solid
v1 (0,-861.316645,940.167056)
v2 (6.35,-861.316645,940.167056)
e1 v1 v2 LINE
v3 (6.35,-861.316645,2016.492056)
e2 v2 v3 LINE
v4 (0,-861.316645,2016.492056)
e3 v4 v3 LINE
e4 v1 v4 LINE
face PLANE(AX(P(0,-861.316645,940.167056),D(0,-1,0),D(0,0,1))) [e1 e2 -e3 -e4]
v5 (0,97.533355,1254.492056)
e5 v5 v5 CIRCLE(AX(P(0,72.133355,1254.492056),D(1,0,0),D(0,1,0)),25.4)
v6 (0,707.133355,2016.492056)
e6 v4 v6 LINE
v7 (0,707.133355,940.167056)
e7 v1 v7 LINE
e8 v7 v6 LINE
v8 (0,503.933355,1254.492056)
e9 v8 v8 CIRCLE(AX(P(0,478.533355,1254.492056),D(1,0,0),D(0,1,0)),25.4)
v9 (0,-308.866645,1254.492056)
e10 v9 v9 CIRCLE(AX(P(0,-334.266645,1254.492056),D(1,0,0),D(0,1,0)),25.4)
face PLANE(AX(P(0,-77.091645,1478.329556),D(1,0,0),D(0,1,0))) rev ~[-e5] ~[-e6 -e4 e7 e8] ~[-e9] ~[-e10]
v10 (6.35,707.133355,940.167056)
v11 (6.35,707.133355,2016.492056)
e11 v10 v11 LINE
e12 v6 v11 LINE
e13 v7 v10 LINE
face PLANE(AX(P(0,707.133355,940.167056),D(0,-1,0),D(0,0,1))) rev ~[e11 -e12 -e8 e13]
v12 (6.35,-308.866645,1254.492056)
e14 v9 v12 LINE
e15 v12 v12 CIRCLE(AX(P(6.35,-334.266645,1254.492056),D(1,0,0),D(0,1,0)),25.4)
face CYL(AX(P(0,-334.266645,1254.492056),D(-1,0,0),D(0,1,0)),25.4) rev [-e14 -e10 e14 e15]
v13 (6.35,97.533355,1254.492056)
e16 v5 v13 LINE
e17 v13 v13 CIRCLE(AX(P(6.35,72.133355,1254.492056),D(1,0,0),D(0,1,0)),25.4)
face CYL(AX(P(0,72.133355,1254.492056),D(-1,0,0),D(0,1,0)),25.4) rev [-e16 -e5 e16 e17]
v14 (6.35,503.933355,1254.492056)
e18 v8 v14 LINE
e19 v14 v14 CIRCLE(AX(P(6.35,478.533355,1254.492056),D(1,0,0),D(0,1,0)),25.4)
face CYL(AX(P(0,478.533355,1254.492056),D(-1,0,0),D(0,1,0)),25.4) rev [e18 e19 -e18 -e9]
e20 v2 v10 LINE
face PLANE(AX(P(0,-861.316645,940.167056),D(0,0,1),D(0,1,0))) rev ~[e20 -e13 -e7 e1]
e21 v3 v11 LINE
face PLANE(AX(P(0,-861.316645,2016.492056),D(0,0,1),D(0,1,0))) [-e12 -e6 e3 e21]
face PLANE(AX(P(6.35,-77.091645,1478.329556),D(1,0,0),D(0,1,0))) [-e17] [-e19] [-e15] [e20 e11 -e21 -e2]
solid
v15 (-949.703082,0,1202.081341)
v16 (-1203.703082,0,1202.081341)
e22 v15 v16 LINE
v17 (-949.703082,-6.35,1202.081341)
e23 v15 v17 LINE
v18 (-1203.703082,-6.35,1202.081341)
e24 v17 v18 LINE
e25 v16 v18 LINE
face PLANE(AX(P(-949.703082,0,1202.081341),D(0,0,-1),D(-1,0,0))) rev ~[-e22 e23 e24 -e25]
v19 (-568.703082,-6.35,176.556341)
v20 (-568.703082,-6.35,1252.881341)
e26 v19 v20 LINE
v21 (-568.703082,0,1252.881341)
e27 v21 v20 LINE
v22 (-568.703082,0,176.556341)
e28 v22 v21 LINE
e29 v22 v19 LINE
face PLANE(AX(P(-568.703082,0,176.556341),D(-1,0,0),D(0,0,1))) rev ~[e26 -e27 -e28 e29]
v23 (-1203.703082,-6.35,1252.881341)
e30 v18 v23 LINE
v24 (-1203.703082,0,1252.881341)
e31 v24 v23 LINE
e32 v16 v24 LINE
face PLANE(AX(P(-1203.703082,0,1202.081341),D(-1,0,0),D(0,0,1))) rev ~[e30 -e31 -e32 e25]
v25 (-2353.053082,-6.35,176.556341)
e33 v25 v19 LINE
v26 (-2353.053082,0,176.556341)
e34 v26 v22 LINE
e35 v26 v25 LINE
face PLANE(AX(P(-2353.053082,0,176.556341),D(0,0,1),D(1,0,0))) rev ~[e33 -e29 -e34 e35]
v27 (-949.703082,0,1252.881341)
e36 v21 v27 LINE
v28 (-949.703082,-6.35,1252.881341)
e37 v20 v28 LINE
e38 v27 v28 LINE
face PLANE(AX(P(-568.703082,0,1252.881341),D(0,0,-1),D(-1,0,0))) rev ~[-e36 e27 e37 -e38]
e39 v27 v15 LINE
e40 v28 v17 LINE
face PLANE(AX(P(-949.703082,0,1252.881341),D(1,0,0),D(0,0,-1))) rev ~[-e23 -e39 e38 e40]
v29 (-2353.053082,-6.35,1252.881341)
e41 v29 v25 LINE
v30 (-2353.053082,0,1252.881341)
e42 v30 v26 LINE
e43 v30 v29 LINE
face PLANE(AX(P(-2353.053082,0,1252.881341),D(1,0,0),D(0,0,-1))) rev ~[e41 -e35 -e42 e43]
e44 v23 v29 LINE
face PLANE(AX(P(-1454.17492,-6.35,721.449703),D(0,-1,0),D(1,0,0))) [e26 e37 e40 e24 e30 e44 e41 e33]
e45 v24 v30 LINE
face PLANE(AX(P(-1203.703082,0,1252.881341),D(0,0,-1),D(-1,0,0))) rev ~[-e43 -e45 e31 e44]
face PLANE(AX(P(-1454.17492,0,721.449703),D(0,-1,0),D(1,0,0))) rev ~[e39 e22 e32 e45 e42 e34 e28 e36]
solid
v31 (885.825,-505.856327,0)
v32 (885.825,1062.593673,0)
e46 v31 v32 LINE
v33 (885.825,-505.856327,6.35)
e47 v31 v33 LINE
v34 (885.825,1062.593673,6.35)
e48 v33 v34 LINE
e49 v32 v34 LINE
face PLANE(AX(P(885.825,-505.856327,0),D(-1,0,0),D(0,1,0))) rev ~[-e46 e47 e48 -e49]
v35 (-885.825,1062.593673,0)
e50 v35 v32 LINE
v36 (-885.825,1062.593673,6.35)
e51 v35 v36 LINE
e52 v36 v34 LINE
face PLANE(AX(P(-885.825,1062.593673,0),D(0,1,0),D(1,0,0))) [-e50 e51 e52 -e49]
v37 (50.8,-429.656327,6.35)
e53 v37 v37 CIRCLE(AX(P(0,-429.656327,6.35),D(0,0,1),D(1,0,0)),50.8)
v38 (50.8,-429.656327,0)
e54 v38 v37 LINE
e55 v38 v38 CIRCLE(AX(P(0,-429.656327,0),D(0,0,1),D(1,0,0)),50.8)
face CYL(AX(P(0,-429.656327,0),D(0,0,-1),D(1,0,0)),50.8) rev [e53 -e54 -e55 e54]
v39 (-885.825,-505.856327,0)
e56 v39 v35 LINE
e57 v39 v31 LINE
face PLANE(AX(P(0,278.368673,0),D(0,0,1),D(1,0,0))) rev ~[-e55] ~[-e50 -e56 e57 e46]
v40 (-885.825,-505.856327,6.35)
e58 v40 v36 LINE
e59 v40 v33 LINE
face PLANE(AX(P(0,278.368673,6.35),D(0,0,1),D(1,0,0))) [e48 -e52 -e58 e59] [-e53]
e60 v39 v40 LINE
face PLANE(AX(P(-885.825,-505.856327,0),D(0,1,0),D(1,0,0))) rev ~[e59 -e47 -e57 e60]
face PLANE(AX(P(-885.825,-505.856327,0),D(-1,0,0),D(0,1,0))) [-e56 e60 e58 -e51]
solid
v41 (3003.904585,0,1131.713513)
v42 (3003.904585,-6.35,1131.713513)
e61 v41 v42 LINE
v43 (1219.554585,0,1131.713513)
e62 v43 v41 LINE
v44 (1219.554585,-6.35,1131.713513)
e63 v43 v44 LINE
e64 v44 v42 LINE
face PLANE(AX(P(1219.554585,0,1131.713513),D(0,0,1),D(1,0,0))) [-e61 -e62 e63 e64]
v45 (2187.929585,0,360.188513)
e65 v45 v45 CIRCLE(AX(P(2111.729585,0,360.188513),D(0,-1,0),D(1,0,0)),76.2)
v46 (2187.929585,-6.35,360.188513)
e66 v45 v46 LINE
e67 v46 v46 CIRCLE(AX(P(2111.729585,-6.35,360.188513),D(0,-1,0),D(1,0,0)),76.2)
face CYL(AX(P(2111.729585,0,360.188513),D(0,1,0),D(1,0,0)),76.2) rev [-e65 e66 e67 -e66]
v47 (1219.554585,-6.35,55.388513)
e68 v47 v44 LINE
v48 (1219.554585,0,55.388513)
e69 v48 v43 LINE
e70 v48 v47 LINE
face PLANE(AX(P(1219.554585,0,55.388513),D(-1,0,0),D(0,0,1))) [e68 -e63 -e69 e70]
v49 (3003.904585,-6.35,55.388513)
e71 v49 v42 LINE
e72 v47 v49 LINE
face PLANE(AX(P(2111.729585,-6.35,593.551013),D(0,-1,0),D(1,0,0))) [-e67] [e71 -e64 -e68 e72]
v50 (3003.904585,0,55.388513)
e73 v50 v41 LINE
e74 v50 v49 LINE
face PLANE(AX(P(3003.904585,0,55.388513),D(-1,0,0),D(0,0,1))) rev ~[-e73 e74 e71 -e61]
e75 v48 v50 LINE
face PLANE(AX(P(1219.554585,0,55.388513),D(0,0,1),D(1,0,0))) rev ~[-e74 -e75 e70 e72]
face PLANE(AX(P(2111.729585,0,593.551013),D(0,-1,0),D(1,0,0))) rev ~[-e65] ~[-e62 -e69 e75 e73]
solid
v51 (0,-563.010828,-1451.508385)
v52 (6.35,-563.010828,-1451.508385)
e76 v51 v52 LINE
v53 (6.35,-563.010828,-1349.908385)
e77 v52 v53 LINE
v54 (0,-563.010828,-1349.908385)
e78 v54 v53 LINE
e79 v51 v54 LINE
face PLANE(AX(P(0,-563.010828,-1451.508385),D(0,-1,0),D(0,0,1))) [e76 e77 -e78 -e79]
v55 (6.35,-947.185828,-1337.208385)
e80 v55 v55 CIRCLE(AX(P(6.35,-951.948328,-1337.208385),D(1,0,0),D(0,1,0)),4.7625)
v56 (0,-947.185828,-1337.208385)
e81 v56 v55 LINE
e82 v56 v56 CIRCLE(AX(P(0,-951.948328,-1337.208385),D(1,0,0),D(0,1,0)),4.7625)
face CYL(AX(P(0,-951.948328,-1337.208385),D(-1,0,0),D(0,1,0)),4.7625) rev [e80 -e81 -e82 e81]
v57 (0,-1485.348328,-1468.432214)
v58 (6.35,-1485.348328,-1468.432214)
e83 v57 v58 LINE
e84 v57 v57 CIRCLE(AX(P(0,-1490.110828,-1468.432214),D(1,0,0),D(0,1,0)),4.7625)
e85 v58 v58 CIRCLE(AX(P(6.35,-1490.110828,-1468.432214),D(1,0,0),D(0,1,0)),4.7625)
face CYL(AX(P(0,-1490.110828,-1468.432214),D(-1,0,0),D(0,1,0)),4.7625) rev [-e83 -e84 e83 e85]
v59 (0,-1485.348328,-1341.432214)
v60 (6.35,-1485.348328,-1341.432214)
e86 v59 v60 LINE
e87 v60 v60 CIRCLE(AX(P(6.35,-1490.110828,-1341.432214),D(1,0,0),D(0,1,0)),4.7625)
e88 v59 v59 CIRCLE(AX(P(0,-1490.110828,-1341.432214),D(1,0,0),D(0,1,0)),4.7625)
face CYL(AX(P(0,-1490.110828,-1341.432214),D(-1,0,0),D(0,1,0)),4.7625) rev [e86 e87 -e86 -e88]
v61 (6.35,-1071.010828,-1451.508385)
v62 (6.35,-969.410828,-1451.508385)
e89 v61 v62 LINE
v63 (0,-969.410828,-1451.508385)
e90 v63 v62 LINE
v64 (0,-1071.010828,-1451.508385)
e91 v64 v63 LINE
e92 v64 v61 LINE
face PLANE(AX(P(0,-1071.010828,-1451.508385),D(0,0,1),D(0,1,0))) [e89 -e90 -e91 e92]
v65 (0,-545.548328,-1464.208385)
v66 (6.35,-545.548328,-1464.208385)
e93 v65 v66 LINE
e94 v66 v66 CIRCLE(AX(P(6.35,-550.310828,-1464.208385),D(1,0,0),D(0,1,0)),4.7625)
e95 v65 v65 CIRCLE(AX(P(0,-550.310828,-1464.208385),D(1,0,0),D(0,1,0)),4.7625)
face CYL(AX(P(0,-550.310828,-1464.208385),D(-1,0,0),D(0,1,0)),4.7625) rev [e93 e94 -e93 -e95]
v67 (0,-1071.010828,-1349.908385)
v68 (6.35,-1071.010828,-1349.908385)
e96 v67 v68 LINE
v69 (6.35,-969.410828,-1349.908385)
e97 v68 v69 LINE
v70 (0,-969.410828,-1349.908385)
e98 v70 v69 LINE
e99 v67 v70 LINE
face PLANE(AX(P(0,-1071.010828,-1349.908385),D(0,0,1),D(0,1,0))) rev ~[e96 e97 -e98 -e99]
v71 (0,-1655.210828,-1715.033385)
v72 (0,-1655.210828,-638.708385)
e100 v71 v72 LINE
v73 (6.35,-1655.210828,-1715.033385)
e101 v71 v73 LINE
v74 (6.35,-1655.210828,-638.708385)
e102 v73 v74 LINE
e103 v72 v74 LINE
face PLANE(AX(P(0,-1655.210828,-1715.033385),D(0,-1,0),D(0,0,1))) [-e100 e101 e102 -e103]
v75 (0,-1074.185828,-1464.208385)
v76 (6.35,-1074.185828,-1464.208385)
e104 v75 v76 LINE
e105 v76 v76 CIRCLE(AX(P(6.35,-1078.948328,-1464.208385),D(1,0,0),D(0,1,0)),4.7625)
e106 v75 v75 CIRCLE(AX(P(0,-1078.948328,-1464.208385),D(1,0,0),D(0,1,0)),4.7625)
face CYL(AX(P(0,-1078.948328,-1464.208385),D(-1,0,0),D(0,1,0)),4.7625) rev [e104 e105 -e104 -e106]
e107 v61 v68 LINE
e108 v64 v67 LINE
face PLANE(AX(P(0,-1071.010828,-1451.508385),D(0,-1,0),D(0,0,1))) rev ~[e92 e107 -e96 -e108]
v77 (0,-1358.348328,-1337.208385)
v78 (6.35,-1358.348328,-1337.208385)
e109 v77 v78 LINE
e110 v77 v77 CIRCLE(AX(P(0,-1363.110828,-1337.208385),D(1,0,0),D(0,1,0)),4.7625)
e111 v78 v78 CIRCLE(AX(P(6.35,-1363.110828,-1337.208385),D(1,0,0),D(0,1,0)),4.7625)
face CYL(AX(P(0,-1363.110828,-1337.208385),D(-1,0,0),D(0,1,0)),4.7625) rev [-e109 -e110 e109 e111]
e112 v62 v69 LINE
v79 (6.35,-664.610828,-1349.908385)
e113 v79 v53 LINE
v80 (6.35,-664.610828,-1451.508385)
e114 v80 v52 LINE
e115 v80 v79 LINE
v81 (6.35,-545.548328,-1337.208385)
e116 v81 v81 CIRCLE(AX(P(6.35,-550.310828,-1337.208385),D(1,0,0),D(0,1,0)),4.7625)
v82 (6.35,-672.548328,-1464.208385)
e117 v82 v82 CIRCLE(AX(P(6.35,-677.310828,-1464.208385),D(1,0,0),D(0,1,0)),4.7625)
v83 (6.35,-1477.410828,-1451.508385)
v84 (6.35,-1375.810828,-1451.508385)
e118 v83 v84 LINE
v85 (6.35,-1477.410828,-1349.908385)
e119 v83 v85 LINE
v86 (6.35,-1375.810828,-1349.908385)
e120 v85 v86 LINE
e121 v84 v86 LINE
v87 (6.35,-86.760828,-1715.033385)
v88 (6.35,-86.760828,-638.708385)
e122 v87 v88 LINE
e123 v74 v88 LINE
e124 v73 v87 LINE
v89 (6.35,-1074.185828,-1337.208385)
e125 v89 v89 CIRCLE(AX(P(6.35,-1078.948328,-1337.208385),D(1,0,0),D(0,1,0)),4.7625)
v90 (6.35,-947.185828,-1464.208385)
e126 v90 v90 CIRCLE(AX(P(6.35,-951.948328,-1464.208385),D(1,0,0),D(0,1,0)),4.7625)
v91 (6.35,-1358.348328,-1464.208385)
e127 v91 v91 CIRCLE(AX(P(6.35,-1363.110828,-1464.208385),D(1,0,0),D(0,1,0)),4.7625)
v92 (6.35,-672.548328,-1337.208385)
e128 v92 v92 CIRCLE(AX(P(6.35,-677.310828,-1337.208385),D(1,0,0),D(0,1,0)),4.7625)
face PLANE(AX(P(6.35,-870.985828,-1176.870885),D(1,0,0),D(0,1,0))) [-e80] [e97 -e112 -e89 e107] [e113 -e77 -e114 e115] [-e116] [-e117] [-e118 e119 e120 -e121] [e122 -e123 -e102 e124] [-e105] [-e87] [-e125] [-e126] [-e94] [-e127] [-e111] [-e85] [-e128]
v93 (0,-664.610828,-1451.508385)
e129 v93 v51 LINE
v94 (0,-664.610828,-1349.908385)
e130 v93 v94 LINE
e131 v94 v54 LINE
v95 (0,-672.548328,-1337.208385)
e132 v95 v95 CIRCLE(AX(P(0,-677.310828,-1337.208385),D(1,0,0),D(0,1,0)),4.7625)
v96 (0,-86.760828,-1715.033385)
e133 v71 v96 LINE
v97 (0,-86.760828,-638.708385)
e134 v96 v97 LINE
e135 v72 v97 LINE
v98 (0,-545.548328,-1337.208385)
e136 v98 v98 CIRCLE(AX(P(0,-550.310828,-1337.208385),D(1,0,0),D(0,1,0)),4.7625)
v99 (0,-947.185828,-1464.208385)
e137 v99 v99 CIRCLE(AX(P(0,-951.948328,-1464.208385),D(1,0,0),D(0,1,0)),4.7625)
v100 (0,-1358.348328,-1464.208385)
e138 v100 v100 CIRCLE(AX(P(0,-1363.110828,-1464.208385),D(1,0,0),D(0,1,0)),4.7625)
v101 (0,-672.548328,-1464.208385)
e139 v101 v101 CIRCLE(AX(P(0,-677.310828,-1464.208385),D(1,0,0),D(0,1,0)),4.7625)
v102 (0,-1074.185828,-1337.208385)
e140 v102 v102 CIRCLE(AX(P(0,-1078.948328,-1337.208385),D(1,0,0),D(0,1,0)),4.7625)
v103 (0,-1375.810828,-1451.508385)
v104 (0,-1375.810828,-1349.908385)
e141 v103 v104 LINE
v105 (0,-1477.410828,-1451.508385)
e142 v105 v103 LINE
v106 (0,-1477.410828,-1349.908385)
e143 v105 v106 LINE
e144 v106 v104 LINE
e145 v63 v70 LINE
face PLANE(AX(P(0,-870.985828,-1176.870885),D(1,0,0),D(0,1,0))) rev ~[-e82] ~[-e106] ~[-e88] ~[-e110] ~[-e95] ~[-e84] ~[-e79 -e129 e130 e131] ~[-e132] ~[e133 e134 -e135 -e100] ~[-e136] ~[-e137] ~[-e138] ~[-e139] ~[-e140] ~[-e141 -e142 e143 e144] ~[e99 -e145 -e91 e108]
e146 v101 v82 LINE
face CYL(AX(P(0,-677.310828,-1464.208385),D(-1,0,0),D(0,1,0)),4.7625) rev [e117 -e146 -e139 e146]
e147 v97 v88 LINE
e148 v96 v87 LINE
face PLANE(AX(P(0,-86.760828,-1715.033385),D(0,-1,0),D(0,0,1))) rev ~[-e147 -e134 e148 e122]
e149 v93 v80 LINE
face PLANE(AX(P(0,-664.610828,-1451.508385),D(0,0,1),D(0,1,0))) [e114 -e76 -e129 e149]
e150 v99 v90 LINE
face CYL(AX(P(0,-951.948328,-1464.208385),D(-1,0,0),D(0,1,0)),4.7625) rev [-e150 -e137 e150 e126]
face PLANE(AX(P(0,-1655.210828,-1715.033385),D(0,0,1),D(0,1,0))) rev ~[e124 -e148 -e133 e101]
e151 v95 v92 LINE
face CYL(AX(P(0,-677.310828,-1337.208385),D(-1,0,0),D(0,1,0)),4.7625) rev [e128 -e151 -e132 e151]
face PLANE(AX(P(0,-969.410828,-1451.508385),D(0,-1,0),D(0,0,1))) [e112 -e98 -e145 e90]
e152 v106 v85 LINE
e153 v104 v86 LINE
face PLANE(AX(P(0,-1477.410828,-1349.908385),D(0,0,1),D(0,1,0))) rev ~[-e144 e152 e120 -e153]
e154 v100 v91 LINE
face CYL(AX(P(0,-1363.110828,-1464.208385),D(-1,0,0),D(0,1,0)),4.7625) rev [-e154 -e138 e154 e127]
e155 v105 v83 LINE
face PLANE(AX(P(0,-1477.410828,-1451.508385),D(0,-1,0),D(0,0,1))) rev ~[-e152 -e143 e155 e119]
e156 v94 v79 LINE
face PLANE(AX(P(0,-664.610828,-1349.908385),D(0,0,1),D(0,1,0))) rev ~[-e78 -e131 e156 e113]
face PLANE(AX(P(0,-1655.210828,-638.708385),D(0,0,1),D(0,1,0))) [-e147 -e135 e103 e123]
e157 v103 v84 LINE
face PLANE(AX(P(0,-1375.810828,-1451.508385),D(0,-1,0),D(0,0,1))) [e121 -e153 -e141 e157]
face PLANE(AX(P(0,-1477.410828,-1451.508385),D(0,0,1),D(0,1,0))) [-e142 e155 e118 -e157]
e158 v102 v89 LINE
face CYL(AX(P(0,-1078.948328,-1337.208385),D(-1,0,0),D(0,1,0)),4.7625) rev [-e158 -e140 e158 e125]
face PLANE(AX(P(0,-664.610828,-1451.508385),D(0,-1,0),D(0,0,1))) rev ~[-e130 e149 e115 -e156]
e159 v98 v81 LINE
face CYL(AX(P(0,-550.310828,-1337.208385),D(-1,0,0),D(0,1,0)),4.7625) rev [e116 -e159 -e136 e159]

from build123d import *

# Parameters (mm, degrees)
F5_DEPTH = 6.35
F4_W     = 1784.35
F4_H     = 1076.325
F4_R     = 76.2
F6_DEPTH = 6.35
F1_W     = 1568.45
F1_H     = 1076.325
F1_R     = 25.4
F7_DEPTH = 6.35
F0_W     = 1771.65
F0_H     = 1568.45
F0_R     = 50.8
F8_DEPTH = 6.35
F2_W     = 1568.45
F2_H     = 1076.325
F2_R     = 4.7625
F2_W_2   = 101.6
F2_H_2   = 101.6
F9_DEPTH = 6.35


with BuildPart() as f5:
    # F3 (on Front) → F5 (new body)
    with BuildSketch(Plane.XZ):
        Polygon((-2353.053082, 1252.881341), (-2353.053082, 176.556341), (-568.703082, 176.556341), (-568.703082, 1252.881341), (-949.703082, 1252.881341), (-949.703082, 1202.081341), (-1203.703082, 1202.081341), (-1203.703082, 1252.881341), align=None)
    extrude(amount=F5_DEPTH)


with BuildPart() as f6:
    # F4 (on Front) → F6 (new body)
    with BuildSketch(Plane.XZ):
        with Locations((2111.729585, 593.551013)):
            Rectangle(F4_W, F4_H)
        with Locations((2111.729585, 360.188513)):
            Circle(F4_R, mode=Mode.SUBTRACT)
    extrude(amount=F6_DEPTH)


with BuildPart() as f7:
    # F1 (on Right) → F7 (new body)
    with BuildSketch(Plane.YZ):
        with Locations((-77.091645, 1478.329556)):
            Rectangle(F1_W, F1_H)
        with Locations((-334.266645, 1254.492056)):
            Circle(F1_R, mode=Mode.SUBTRACT)
        with Locations((72.133355, 1254.492056)):
            Circle(F1_R, mode=Mode.SUBTRACT)
        with Locations((478.533355, 1254.492056)):
            Circle(F1_R, mode=Mode.SUBTRACT)
    extrude(amount=F7_DEPTH)


with BuildPart() as f8:
    # F0 (on Top) → F8 (new body)
    with BuildSketch(Plane.XY):
        with Locations((0, 278.368673)):
            Rectangle(F0_W, F0_H)
        with Locations((0, -429.656327)):
            Circle(F0_R, mode=Mode.SUBTRACT)
    extrude(amount=F8_DEPTH)


with BuildPart() as f9:
    # F2 (on Right) → F9 (new body)
    with BuildSketch(Plane.YZ):
        with Locations((-870.985828, -1176.870885)):
            Rectangle(F2_W, F2_H)
        with Locations((-1490.110828, -1468.432214)):
            Circle(F2_R, mode=Mode.SUBTRACT)
        with Locations((-1363.110828, -1464.208385)):
            Circle(F2_R, mode=Mode.SUBTRACT)
        with Locations((-1078.948328, -1464.208385)):
            Circle(F2_R, mode=Mode.SUBTRACT)
        with Locations((-951.948328, -1464.208385)):
            Circle(F2_R, mode=Mode.SUBTRACT)
        with Locations((-1490.110828, -1341.432214)):
            Circle(F2_R, mode=Mode.SUBTRACT)
        with Locations((-1426.610828, -1400.708385)):
            Rectangle(F2_W_2, F2_H_2, mode=Mode.SUBTRACT)
        with Locations((-1363.110828, -1337.208385)):
            Circle(F2_R, mode=Mode.SUBTRACT)
        with Locations((-1078.948328, -1337.208385)):
            Circle(F2_R, mode=Mode.SUBTRACT)
        with Locations((-1020.210828, -1400.708385)):
            Rectangle(F2_W_2, F2_H_2, mode=Mode.SUBTRACT)
        with Locations((-951.948328, -1337.208385)):
            Circle(F2_R, mode=Mode.SUBTRACT)
        with Locations((-677.310828, -1464.208385)):
            Circle(F2_R, mode=Mode.SUBTRACT)
        with Locations((-550.310828, -1464.208385)):
            Circle(F2_R, mode=Mode.SUBTRACT)
        with Locations((-677.310828, -1337.208385)):
            Circle(F2_R, mode=Mode.SUBTRACT)
        with Locations((-613.810828, -1400.708385)):
            Rectangle(F2_W_2, F2_H_2, mode=Mode.SUBTRACT)
        with Locations((-550.310828, -1337.208385)):
            Circle(F2_R, mode=Mode.SUBTRACT)
    extrude(amount=F9_DEPTH)


solid = Compound([f5.part, f6.part, f7.part, f8.part, f9.part])
